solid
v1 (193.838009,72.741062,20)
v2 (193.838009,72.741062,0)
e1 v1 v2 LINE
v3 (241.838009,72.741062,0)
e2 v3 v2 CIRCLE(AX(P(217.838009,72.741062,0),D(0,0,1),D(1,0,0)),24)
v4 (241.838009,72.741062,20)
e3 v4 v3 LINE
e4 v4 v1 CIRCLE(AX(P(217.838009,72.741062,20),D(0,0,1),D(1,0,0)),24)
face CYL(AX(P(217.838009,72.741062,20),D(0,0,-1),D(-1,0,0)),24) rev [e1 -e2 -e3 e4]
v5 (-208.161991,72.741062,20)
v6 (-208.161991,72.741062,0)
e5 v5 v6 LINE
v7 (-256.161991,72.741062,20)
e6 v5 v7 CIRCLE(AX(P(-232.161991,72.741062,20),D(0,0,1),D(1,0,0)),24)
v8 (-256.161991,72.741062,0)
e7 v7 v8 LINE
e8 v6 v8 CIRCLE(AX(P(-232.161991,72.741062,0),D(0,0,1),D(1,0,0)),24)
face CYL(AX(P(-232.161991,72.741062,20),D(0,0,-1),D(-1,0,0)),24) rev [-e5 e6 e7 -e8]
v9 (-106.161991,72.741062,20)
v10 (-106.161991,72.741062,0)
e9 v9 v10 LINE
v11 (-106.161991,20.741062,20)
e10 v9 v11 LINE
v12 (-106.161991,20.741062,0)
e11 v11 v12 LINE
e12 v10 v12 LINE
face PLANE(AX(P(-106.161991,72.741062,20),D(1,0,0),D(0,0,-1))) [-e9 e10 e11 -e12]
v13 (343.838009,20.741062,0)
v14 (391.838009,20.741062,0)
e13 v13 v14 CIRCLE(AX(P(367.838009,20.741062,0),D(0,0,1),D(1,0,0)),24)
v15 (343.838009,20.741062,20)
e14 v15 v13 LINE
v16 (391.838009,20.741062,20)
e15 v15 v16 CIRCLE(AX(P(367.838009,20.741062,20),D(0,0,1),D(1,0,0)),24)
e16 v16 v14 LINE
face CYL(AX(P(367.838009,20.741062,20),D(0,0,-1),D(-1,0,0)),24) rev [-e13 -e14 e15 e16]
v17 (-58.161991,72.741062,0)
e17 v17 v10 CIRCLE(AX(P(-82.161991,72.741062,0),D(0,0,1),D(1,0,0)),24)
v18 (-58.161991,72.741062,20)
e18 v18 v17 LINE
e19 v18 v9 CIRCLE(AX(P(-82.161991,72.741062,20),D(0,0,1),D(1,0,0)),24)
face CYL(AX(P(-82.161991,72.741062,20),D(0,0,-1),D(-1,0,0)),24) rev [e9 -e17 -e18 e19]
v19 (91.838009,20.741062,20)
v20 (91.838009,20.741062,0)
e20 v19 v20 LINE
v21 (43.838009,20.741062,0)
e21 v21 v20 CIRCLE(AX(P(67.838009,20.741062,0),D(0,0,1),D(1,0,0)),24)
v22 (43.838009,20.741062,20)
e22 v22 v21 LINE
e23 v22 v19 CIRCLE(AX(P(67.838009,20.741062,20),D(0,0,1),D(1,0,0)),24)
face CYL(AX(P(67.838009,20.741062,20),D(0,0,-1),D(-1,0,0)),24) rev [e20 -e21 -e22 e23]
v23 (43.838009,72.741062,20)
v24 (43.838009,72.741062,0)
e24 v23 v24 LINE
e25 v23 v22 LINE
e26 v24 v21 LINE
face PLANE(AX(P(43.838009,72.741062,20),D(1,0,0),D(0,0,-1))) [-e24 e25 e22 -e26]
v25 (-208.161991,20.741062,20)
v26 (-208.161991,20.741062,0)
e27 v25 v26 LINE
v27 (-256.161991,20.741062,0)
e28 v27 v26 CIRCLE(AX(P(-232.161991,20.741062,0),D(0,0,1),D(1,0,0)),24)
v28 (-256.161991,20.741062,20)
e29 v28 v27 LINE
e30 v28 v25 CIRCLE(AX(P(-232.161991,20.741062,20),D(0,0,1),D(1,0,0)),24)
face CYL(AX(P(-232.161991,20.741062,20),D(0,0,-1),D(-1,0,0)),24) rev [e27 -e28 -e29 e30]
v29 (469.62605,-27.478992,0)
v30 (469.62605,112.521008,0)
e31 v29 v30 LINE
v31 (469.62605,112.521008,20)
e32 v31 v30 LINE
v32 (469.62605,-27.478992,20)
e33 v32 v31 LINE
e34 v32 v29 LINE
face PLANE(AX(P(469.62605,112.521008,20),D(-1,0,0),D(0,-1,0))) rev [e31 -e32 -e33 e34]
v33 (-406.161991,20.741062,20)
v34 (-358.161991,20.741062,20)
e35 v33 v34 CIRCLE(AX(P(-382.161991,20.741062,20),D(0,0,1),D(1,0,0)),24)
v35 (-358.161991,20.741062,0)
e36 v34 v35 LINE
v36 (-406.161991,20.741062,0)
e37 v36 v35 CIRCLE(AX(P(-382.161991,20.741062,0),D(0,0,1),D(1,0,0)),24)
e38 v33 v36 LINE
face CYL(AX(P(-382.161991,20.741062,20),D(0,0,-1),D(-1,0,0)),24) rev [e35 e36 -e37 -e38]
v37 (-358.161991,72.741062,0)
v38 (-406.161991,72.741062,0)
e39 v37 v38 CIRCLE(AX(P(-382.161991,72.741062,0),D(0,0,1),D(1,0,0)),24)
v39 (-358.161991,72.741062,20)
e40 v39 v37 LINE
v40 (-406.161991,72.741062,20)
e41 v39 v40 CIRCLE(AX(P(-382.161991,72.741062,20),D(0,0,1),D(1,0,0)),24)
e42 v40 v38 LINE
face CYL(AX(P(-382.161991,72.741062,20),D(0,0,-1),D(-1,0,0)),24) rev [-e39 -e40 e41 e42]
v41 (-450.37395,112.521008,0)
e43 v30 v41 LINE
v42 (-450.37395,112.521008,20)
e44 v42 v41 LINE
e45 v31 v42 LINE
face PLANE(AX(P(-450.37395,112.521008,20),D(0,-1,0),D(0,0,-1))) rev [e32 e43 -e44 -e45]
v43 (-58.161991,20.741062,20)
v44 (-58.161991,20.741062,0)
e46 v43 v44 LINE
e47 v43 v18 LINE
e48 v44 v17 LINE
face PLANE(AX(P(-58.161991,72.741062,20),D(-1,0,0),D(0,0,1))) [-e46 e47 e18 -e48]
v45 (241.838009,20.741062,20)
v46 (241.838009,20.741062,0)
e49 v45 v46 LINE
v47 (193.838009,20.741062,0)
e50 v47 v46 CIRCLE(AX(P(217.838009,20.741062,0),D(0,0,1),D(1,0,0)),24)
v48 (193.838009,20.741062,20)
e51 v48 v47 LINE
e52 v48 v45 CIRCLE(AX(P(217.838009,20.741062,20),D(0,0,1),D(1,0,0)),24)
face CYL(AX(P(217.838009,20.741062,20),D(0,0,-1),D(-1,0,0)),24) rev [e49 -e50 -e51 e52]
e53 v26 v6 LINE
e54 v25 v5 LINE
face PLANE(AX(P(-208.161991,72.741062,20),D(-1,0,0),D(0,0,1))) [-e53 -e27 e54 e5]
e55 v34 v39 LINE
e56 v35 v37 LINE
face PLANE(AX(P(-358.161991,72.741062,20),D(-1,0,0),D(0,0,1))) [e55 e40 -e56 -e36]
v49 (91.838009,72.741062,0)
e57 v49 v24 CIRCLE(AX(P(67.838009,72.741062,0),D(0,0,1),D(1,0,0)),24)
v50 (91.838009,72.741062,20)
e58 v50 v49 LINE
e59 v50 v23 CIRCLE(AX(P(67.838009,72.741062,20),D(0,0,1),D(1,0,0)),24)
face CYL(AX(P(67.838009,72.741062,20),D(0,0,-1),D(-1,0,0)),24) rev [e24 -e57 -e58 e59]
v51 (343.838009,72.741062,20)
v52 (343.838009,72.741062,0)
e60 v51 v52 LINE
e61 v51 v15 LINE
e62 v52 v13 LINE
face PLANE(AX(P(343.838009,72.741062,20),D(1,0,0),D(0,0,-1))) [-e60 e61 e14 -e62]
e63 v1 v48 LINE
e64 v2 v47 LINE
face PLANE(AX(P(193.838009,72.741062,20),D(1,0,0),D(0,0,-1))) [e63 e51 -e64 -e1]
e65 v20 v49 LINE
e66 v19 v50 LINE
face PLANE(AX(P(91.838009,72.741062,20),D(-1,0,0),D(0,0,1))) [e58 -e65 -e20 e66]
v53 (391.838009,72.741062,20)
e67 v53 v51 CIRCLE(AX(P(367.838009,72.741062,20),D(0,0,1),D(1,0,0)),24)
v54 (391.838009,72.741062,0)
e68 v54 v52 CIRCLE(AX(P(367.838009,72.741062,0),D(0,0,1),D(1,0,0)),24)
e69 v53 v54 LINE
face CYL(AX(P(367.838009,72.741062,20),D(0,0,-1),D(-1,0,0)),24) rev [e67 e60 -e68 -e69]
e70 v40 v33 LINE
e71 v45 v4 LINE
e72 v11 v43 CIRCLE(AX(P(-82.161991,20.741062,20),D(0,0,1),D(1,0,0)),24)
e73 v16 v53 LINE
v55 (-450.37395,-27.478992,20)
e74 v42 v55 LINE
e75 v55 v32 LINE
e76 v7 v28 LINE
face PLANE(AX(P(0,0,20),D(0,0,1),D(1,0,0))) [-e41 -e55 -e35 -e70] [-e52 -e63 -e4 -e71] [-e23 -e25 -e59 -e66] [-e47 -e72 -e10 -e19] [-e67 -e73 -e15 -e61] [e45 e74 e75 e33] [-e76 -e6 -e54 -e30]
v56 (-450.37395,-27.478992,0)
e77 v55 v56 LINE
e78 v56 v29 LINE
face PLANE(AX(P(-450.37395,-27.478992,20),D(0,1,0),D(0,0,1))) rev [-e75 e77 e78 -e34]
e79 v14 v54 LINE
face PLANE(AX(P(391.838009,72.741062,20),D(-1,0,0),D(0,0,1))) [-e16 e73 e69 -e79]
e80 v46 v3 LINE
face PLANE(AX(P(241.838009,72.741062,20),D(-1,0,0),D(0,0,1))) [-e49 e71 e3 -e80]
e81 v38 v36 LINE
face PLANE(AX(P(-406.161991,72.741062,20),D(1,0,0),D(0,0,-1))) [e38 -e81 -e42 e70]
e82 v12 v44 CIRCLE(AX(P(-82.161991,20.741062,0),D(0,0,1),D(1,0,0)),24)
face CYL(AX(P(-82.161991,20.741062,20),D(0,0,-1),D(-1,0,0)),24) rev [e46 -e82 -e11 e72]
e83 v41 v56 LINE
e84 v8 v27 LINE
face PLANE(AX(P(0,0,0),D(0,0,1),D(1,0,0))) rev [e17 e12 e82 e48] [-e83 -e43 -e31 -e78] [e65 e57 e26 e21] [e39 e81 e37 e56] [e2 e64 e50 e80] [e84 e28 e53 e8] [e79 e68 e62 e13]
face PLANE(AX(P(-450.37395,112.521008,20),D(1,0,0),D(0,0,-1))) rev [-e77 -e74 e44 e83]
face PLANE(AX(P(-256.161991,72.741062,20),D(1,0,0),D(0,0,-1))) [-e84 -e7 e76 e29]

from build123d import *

# Parameters (mm, degrees)
SKETCH1_W           = 920
SKETCH1_H           = 140
BOSS_EXTRUDE1_DEPTH = 20


with BuildPart() as part:
    # Sketch1 → Boss-Extrude1 (new body)
    with BuildSketch(Plane.XY):
        with Locations((9.62605042, 42.521008403)):
            Rectangle(SKETCH1_W, SKETCH1_H)
        with BuildLine():
            Line((-358.161990974, 72.74106151), (-358.161990974, 20.74106151))
            ThreePointArc((-358.161990974, 20.74106151), (-382.161990974, -3.25893849), (-406.161990974, 20.74106151))
            Line((-406.161990974, 20.74106151), (-406.161990974, 72.74106151))
            ThreePointArc((-406.161990974, 72.74106151), (-382.161990974, 96.74106151), (-358.161990974, 72.74106151))
        make_face(mode=Mode.SUBTRACT)
        with BuildLine():
            Line((-208.161990974, 72.74106151), (-208.161990974, 20.74106151))
            ThreePointArc((-208.161990974, 20.74106151), (-232.161990974, -3.25893849), (-256.161990974, 20.74106151))
            Line((-256.161990974, 20.74106151), (-256.161990974, 72.74106151))
            ThreePointArc((-256.161990974, 72.74106151), (-232.161990974, 96.74106151), (-208.161990974, 72.74106151))
        make_face(mode=Mode.SUBTRACT)
        with BuildLine():
            Line((-58.161990974, 72.74106151), (-58.161990974, 20.74106151))
            ThreePointArc((-58.161990974, 20.74106151), (-82.161990974, -3.25893849), (-106.161990974, 20.74106151))
            Line((-106.161990974, 20.74106151), (-106.161990974, 72.74106151))
            ThreePointArc((-106.161990974, 72.74106151), (-82.161990974, 96.74106151), (-58.161990974, 72.74106151))
        make_face(mode=Mode.SUBTRACT)
        with BuildLine():
            Line((91.838009026, 72.74106151), (91.838009026, 20.74106151))
            ThreePointArc((91.838009026, 20.74106151), (67.838009026, -3.25893849), (43.838009026, 20.74106151))
            Line((43.838009026, 20.74106151), (43.838009026, 72.74106151))
            ThreePointArc((43.838009026, 72.74106151), (67.838009026, 96.74106151), (91.838009026, 72.74106151))
        make_face(mode=Mode.SUBTRACT)
        with BuildLine():
            Line((241.838009026, 72.74106151), (241.838009026, 20.74106151))
            ThreePointArc((241.838009026, 20.74106151), (217.838009026, -3.25893849), (193.838009026, 20.74106151))
            Line((193.838009026, 20.74106151), (193.838009026, 72.74106151))
            ThreePointArc((193.838009026, 72.74106151), (217.838009026, 96.74106151), (241.838009026, 72.74106151))
        make_face(mode=Mode.SUBTRACT)
        with BuildLine():
            Line((391.838009026, 72.74106151), (391.838009026, 20.74106151))
            ThreePointArc((391.838009026, 20.74106151), (367.838009026, -3.25893849), (343.838009026, 20.74106151))
            Line((343.838009026, 20.74106151), (343.838009026, 72.74106151))
            ThreePointArc((343.838009026, 72.74106151), (367.838009026, 96.74106151), (391.838009026, 72.74106151))
        make_face(mode=Mode.SUBTRACT)
    extrude(amount=BOSS_EXTRUDE1_DEPTH)


solid = part.part
